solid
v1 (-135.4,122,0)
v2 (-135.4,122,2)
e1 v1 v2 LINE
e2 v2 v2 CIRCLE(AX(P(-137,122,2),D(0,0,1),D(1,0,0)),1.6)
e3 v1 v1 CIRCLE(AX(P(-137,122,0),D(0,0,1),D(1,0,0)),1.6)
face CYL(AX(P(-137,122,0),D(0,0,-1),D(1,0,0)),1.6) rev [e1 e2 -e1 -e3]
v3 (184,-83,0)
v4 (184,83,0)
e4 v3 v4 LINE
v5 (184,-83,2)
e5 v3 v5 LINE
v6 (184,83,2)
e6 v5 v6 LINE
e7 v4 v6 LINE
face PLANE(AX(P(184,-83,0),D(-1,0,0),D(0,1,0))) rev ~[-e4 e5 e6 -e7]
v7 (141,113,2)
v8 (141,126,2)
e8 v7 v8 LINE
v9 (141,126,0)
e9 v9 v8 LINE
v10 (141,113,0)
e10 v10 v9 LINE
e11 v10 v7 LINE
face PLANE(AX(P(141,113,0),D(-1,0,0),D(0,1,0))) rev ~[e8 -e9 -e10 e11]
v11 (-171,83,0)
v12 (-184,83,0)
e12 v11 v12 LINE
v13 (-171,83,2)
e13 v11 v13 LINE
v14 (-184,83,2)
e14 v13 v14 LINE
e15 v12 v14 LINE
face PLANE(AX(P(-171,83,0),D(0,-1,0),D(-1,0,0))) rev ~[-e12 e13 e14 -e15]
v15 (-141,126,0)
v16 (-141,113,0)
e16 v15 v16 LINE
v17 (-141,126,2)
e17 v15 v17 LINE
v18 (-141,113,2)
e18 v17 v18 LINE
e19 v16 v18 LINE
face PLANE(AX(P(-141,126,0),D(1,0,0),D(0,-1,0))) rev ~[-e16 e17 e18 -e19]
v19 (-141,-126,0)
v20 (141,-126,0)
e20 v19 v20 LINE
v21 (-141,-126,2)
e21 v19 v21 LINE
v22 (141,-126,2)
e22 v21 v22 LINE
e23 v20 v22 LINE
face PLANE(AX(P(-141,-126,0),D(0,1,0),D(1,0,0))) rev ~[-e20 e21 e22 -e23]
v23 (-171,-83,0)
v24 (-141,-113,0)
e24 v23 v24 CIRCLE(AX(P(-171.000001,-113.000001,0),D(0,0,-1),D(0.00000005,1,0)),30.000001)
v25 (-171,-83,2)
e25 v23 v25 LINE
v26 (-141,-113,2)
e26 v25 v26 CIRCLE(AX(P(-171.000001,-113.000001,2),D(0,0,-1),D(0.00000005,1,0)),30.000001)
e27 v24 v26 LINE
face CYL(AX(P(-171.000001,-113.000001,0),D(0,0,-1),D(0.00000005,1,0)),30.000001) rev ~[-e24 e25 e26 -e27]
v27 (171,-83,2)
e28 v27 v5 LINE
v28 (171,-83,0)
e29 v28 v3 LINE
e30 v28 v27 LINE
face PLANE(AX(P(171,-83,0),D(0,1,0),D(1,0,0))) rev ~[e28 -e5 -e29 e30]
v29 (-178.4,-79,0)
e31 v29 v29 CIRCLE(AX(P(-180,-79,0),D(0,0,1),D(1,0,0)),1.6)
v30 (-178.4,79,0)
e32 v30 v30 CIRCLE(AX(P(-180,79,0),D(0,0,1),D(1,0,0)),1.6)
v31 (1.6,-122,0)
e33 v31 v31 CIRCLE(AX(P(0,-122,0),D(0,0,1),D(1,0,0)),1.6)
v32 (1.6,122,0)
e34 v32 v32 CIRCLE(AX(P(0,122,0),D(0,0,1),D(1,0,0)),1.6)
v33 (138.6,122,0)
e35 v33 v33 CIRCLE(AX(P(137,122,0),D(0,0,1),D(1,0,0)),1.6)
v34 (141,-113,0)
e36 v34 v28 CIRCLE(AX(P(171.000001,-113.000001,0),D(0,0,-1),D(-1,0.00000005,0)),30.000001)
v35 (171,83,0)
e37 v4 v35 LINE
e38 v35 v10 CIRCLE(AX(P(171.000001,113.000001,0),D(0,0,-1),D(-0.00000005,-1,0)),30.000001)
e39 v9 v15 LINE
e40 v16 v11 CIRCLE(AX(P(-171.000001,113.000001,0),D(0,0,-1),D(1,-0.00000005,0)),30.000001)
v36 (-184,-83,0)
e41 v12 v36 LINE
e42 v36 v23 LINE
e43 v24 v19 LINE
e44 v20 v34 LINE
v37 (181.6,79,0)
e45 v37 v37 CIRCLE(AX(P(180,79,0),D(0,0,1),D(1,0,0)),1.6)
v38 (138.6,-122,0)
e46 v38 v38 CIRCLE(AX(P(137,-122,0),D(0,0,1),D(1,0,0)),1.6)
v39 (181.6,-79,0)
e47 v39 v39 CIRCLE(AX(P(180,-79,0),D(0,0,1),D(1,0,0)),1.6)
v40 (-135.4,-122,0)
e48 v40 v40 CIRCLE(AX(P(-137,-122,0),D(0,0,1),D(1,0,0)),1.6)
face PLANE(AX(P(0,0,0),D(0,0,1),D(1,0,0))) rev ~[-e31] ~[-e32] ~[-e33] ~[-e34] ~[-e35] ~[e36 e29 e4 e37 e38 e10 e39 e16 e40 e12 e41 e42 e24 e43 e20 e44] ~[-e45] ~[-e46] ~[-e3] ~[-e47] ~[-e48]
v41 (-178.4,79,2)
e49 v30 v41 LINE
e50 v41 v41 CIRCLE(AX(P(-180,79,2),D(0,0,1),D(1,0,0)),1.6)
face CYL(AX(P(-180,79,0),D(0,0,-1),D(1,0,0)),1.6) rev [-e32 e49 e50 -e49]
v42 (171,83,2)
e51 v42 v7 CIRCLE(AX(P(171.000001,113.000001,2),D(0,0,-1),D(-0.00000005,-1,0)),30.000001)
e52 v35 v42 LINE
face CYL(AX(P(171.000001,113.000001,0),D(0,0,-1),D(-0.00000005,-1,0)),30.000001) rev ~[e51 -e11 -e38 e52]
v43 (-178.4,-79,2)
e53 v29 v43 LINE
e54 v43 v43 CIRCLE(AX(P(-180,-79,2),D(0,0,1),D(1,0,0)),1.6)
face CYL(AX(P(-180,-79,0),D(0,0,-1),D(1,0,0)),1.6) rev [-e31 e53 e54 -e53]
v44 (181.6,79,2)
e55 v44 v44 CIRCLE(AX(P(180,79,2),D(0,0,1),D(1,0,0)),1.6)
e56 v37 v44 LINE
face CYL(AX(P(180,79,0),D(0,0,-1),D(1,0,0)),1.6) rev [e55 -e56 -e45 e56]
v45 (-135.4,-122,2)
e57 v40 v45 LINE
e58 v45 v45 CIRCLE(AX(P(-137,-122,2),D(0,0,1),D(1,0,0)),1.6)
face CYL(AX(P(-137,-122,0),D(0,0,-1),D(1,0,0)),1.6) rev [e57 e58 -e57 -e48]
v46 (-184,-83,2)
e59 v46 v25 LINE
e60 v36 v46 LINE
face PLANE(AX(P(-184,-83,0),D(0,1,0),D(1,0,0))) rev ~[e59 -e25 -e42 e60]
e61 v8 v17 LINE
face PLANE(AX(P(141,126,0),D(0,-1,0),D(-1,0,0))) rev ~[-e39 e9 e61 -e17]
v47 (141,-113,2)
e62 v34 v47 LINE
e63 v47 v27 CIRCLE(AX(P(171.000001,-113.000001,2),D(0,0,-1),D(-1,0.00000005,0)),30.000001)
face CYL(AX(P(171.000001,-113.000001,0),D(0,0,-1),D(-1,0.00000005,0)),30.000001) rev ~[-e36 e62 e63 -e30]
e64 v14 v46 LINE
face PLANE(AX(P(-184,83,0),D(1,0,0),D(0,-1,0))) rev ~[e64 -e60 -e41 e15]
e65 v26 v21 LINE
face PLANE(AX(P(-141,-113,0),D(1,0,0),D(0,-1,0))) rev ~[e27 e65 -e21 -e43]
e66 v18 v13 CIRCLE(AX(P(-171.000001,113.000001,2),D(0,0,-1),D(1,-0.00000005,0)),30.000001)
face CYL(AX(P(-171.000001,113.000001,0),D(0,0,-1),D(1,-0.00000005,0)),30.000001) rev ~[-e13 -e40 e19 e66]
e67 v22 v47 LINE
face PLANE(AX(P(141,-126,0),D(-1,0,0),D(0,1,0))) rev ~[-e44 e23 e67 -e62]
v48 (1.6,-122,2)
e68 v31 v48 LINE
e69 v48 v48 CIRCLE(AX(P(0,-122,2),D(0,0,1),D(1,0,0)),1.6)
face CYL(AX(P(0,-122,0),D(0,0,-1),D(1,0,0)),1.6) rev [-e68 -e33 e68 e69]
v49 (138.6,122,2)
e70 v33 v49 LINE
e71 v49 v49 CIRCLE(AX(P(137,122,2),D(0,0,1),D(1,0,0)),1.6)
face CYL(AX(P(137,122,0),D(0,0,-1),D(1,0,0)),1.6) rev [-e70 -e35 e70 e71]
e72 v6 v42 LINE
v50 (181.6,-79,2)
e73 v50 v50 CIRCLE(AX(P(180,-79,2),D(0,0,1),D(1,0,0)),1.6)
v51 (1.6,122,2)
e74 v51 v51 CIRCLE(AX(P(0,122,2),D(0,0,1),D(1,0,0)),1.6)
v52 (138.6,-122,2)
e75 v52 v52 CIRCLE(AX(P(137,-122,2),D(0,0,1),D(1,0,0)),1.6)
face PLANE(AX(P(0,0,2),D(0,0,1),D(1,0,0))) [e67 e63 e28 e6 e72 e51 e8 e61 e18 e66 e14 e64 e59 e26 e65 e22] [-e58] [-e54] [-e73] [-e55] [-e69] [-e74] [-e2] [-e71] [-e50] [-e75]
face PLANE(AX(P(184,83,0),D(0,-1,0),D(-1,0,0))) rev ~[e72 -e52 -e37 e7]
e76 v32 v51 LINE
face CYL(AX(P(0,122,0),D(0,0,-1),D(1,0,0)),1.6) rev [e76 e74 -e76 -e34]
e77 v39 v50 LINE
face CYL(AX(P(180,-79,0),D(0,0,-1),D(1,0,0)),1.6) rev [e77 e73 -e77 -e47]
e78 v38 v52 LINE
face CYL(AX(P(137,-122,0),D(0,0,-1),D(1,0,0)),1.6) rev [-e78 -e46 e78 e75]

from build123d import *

# Parameters (mm, degrees)
F0_R     = 1.6
F1_DEPTH = 2


with BuildPart() as f1:
    # F0 (on Top) → F1 (new body)
    with BuildSketch(Plane.XY):
        with BuildLine():
            Line((141, 126), (-141, 126))
            Line((-141, 126), (-141, 113))
            ThreePointArc((-141, 113), (-149.786797, 91.786797), (-171, 83))
            Line((-171, 83), (-184, 83))
            Line((-184, 83), (-184, -83))
            Line((-184, -83), (-171, -83))
            ThreePointArc((-171, -83), (-149.786797, -91.786797), (-141, -113))
            Line((-141, -113), (-141, -126))
            Line((-141, -126), (141, -126))
            Line((141, -126), (141, -113))
            ThreePointArc((141, -113), (149.786797, -91.786797), (171, -83))
            Line((171, -83), (184, -83))
            Line((184, -83), (184, 83))
            Line((184, 83), (171, 83))
            ThreePointArc((171, 83), (149.786797, 91.786797), (141, 113))
            Line((141, 113), (141, 126))
        make_face()
        with Locations((-137, -122)):
            Circle(F0_R, mode=Mode.SUBTRACT)
        with Locations((-180, -79)):
            Circle(F0_R, mode=Mode.SUBTRACT)
        with Locations((0, -122)):
            Circle(F0_R, mode=Mode.SUBTRACT)
        with Locations((137, -122)):
            Circle(F0_R, mode=Mode.SUBTRACT)
        with Locations((180, -79)):
            Circle(F0_R, mode=Mode.SUBTRACT)
        with Locations((-180, 79)):
            Circle(F0_R, mode=Mode.SUBTRACT)
        with Locations((-137, 122)):
            Circle(F0_R, mode=Mode.SUBTRACT)
        with Locations((0, 122)):
            Circle(F0_R, mode=Mode.SUBTRACT)
        with Locations((180, 79)):
            Circle(F0_R, mode=Mode.SUBTRACT)
        with Locations((137, 122)):
            Circle(F0_R, mode=Mode.SUBTRACT)
    extrude(amount=F1_DEPTH)


solid = f1.part
